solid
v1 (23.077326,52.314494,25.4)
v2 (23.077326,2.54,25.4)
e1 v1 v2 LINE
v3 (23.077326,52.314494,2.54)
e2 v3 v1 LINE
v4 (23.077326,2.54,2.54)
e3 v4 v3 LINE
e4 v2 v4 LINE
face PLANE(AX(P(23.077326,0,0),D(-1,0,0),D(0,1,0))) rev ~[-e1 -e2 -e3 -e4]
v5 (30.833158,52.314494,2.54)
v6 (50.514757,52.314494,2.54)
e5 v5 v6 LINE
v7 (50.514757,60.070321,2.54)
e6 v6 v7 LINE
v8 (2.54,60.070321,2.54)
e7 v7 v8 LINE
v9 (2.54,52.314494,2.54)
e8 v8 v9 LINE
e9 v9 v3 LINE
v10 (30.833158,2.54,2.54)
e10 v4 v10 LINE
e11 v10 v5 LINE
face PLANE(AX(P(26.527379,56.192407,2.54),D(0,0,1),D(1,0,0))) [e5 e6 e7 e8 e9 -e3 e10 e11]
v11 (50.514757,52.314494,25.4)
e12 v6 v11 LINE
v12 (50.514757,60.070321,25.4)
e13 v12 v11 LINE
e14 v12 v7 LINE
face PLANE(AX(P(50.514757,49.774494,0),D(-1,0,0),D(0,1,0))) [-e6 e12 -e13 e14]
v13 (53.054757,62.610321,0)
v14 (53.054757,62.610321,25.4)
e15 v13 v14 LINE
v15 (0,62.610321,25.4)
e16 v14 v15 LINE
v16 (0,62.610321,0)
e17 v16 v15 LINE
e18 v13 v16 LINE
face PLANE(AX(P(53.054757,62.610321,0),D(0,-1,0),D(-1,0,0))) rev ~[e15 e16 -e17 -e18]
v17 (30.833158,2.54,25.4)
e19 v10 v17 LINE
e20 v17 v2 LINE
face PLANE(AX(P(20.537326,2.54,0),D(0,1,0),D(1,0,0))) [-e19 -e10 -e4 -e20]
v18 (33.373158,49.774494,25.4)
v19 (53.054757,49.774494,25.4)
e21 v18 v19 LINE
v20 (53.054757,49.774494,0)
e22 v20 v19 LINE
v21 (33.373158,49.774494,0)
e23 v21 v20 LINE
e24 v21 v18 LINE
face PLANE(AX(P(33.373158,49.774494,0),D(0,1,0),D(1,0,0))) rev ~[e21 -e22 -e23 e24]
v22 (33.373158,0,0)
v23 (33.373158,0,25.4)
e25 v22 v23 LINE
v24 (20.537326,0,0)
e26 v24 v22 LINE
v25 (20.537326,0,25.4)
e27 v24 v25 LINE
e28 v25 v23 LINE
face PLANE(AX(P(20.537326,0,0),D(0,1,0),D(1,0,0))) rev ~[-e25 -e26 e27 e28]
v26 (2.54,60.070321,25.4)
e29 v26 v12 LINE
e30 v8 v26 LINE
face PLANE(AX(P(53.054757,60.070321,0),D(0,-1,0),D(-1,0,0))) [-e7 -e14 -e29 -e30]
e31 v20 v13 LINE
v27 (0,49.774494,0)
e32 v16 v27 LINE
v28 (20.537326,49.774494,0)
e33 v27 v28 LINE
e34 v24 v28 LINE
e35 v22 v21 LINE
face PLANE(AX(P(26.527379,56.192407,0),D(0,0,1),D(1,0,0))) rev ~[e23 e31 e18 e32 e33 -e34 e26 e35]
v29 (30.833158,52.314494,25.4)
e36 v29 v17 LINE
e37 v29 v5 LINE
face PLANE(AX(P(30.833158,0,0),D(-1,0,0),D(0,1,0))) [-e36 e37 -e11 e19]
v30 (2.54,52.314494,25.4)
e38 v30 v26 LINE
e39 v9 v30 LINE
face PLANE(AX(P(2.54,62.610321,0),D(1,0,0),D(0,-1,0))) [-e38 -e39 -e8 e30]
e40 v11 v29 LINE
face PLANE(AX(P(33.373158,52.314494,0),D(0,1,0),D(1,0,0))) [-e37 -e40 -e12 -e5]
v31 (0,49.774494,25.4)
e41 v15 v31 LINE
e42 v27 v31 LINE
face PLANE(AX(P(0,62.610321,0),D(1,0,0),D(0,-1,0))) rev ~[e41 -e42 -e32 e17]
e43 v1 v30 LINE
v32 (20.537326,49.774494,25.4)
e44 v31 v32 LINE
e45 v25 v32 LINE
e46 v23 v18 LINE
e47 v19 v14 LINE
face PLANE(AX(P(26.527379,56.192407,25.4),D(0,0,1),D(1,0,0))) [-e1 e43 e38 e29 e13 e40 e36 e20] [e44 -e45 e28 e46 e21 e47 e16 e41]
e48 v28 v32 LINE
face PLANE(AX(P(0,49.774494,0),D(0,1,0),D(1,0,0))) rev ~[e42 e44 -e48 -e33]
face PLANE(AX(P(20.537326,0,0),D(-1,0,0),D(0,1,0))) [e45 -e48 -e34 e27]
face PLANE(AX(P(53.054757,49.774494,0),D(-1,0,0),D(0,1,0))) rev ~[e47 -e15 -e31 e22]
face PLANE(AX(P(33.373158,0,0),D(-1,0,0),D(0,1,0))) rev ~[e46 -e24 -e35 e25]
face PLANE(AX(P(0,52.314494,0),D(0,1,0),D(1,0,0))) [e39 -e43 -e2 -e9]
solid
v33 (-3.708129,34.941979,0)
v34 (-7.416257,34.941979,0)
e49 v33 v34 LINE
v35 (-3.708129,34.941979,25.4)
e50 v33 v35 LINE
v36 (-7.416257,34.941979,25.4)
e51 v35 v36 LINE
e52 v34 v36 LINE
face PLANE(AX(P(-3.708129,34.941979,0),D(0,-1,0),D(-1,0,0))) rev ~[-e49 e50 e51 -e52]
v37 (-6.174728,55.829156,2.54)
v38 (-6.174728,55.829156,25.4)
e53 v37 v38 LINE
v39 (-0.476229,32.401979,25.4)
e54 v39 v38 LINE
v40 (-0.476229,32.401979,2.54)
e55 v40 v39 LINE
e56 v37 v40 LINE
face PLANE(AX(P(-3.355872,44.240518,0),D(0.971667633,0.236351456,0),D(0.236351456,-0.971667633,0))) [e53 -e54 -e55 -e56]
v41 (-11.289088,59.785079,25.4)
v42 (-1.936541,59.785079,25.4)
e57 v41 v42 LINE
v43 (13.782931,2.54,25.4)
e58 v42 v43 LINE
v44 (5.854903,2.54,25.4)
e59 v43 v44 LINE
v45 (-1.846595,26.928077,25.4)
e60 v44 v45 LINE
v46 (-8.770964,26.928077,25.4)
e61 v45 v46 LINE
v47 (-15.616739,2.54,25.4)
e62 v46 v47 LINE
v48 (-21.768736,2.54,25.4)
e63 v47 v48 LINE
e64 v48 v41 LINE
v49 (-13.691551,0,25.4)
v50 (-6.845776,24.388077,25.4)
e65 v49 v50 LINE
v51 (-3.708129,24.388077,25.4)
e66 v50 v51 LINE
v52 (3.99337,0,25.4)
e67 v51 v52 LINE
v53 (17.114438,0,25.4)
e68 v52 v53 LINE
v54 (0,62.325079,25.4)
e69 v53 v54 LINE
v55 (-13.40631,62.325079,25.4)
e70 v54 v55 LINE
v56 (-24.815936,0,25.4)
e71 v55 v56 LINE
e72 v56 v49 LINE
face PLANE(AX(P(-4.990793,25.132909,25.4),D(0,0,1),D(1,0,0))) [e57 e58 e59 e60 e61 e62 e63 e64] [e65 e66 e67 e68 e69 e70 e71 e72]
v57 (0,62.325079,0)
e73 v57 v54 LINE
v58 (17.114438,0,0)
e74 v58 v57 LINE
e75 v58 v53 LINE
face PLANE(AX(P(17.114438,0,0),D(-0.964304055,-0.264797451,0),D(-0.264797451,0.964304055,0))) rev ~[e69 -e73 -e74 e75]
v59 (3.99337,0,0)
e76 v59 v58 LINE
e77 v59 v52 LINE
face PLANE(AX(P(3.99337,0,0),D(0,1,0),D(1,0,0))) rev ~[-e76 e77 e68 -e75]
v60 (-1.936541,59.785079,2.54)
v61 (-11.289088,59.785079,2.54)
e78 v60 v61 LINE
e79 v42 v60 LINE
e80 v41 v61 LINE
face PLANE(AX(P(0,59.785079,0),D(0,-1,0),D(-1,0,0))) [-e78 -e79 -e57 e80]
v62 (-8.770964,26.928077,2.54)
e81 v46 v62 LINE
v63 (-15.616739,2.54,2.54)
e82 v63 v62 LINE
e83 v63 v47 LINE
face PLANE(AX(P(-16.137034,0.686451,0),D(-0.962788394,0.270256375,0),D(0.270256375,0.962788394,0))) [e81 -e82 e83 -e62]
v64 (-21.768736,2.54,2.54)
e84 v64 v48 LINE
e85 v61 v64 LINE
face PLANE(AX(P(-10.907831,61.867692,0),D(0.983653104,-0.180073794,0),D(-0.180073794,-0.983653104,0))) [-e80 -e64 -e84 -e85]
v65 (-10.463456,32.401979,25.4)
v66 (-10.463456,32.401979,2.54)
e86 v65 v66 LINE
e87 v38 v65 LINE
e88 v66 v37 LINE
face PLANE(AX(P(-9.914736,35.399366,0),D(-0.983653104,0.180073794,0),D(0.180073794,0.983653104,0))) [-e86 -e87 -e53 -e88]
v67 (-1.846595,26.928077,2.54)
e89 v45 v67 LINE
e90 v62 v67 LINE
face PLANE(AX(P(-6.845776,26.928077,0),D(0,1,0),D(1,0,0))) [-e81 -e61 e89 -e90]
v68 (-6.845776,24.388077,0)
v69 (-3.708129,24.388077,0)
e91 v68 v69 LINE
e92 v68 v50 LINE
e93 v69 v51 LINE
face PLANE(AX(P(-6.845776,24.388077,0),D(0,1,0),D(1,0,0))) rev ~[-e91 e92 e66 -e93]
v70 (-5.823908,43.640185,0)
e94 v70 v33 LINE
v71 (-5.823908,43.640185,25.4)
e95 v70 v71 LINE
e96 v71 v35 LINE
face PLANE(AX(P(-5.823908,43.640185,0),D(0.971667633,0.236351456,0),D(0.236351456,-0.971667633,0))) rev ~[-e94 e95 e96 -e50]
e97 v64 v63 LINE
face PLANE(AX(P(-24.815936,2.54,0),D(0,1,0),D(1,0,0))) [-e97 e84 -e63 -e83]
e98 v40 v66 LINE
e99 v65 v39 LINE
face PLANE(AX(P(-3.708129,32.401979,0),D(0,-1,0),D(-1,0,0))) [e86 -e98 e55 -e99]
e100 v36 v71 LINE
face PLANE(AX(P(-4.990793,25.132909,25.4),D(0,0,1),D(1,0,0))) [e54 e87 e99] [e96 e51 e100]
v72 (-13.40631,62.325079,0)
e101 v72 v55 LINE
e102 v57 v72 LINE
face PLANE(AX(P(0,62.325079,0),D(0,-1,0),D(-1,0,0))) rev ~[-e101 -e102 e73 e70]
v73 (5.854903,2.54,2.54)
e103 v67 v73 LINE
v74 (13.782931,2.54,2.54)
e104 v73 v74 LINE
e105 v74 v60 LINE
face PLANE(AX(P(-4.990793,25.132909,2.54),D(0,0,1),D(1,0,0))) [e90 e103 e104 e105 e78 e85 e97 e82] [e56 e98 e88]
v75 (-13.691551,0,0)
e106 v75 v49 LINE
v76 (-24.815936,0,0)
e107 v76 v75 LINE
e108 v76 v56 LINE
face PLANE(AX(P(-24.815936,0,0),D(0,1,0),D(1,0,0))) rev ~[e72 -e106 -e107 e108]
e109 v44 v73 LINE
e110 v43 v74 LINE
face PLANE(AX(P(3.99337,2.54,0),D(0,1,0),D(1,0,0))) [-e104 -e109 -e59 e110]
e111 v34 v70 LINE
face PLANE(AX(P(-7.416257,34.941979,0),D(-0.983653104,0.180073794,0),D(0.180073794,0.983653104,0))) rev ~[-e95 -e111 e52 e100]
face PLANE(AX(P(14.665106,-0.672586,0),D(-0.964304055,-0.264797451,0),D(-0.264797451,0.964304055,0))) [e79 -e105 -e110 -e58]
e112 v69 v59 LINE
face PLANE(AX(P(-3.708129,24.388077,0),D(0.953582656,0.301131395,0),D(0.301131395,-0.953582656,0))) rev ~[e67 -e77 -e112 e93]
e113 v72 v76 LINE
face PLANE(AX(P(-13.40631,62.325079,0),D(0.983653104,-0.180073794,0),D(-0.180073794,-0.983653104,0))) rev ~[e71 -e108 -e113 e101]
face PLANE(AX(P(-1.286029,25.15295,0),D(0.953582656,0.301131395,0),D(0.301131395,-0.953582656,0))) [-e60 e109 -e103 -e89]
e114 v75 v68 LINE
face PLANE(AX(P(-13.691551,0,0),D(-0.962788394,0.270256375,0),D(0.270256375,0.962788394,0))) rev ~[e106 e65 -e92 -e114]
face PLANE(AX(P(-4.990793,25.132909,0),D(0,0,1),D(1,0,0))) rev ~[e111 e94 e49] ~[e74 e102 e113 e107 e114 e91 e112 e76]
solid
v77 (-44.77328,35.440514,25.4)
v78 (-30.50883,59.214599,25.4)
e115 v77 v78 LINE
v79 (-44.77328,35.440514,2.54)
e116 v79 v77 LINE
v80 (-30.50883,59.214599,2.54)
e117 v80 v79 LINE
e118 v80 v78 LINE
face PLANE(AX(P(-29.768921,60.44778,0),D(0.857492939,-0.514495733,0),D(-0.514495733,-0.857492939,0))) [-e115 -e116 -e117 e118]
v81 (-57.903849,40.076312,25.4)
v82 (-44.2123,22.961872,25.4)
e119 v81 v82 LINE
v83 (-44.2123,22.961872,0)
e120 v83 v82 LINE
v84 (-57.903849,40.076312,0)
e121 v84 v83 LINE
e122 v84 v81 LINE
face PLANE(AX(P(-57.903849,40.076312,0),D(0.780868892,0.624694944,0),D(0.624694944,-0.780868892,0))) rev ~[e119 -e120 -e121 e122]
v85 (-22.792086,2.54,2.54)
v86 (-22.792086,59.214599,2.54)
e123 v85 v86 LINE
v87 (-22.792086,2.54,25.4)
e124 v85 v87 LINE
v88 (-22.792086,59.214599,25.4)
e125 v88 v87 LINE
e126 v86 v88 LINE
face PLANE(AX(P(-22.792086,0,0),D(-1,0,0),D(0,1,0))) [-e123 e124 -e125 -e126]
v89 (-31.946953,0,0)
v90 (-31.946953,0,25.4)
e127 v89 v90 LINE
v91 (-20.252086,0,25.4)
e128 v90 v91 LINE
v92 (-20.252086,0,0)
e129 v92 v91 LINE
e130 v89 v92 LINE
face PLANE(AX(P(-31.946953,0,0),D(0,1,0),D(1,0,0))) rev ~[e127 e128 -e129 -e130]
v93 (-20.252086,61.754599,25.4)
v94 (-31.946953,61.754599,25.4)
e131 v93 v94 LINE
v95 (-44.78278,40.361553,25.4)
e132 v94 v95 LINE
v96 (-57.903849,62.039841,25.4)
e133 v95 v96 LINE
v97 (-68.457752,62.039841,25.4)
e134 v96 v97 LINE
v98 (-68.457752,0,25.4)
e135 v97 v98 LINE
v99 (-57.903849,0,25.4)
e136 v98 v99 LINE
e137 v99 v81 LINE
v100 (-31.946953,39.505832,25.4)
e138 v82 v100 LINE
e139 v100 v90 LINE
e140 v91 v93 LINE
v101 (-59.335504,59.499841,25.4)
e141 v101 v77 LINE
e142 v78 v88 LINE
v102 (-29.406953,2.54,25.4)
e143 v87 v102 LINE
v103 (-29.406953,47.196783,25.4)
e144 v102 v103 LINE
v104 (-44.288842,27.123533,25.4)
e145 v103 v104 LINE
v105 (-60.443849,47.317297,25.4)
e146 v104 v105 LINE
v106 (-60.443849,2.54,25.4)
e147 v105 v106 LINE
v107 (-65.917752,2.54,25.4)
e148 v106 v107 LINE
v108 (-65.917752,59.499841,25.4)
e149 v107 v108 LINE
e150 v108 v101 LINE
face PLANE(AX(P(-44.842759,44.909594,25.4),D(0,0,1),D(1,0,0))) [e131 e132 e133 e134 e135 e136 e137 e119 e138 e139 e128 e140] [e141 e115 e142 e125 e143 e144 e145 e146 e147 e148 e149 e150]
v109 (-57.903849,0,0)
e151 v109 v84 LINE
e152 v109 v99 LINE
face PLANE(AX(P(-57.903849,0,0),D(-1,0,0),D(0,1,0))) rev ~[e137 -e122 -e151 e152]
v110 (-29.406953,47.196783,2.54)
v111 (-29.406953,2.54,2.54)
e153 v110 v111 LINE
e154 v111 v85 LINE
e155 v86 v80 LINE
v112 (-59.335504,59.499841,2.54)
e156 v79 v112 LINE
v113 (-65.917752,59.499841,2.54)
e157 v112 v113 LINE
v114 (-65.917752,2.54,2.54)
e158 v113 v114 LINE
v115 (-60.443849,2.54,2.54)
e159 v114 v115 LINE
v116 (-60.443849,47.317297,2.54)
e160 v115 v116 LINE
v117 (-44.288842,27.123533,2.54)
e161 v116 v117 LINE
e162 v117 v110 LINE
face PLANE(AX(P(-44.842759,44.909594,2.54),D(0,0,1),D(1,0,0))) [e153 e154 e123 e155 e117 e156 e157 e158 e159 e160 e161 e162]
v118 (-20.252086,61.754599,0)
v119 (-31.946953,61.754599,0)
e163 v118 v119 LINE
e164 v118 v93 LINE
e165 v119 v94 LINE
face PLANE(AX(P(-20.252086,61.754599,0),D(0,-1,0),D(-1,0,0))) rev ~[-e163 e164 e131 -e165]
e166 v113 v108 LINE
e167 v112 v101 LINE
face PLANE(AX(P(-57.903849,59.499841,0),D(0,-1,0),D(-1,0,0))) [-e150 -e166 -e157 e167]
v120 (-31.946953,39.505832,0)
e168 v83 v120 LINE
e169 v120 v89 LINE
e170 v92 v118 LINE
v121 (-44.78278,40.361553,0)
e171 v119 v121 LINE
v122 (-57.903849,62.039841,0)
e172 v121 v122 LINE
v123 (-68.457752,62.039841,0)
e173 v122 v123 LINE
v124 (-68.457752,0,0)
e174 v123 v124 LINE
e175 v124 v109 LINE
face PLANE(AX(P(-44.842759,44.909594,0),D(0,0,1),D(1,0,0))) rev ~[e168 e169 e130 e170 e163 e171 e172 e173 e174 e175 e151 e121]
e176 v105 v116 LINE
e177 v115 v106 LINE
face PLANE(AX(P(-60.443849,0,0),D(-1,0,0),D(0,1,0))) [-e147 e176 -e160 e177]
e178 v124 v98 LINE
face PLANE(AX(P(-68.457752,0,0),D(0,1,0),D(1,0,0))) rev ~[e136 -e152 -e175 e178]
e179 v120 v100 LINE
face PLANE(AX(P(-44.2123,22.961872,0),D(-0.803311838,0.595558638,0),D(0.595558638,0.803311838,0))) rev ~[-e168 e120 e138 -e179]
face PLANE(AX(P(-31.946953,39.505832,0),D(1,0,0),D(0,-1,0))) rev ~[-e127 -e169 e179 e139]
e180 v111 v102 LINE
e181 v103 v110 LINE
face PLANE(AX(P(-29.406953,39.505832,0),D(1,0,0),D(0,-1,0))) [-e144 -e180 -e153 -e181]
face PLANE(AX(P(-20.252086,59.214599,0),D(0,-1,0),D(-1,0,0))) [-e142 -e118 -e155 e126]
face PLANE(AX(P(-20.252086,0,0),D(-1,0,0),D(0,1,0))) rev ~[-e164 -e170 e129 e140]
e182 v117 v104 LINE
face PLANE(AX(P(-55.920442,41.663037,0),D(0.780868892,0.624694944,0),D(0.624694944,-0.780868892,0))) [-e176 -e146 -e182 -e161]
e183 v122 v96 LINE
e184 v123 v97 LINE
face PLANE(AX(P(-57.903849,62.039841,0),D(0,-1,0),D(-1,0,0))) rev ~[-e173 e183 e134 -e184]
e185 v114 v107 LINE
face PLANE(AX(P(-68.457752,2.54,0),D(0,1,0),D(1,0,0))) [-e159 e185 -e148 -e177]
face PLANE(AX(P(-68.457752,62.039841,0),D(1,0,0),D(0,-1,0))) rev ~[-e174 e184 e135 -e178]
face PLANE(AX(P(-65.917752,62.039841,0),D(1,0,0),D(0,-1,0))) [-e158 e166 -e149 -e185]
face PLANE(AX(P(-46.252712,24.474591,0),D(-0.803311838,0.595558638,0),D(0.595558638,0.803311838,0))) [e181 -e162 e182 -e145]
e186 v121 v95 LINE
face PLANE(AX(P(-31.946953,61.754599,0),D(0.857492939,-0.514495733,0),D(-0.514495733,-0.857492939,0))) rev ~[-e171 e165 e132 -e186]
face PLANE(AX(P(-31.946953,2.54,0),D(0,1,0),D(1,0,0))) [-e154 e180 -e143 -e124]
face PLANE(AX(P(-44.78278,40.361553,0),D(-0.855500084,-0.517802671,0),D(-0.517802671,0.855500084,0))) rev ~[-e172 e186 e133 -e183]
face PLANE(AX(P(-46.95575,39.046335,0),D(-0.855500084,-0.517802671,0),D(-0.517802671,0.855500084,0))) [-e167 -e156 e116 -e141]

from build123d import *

# Parameters (mm, degrees)
F3_DEPTH = 25.4
F2_W     = 12.8358323127
F2_H     = 49.7744940221
F4_T     = -2.54
F4_2_T   = -2.54
F4_3_T   = -2.54


with BuildPart() as f3:
    # F0 (on Top) → F3 (new body)
    with BuildSketch(Plane.XY):
        Polygon((-44.7827801108, 40.3615534306), (-57.9038485885, 62.0398409665), (-57.9038485885, 40.0763116777), (-44.2123003304, 22.9618716985), (-31.9469533861, 39.5058318973), (-31.9469533861, 61.7545992136), align=None)
        Polygon((-57.9038485885, 62.0398409665), (-68.4577524662, 62.0398409665), (-68.4577524662, 0), (-57.9038485885, 0), (-57.9038485885, 40.0763116777), align=None)
        Polygon((-20.2520862222, 61.7545992136), (-31.9469533861, 61.7545992136), (-31.9469533861, 39.5058318973), (-31.9469533861, 0), (-20.2520862222, 0), align=None)
    extrude(amount=F3_DEPTH)

    # F4
    f4_openings = [f3.faces().sort_by_distance(p)[0] for p in [
        (-44.0268, 33.845285, 25.4),
    ]]
    offset(amount=F4_T, openings=f4_openings, kind=Kind.INTERSECTION)


with BuildPart() as f3b:
    # F1 (on Top) → F3, piece 2 (new body)
    with BuildSketch(Plane.XY):
        Polygon((-13.4063102305, 62.325078994), (-24.8159356415, 0), (-13.691551052, 0), (-6.845775526, 24.3880767375), (-3.7081290502, 24.3880767375), (3.9933696389, 0), (17.1144381166, 0), (0, 62.325078994), align=None)
        Polygon((-7.4162567034, 34.9419787526), (-5.8239077568, 43.6401848994), (-3.7081290502, 34.9419787526), align=None, mode=Mode.SUBTRACT)
    extrude(amount=F3_DEPTH)

    # F4#2
    f4_2_openings = [f3b.faces().sort_by_distance(p)[0] for p in [
        (-5.028317, 28.547265, 25.4),
    ]]
    offset(amount=F4_2_T, openings=f4_2_openings, kind=Kind.INTERSECTION)


with BuildPart() as f3c:
    # F2 (on Top) → F3, piece 3 (new body)
    with BuildSketch(Plane.XY):
        Polygon((53.0547574162, 62.6103207469), (0, 62.6103207469), (0, 49.7744940221), (20.5373261124, 49.7744940221), (33.3731584251, 49.7744940221), (53.0547574162, 49.7744940221), align=None)
        with Locations((26.9552422687, 24.8872470111)):
            Rectangle(F2_W, F2_H)
    extrude(amount=F3_DEPTH)

    # F4#3
    f4_3_openings = [f3c.faces().sort_by_distance(p)[0] for p in [
        (26.734486, 41.039143, 25.4),
    ]]
    offset(amount=F4_3_T, openings=f4_3_openings, kind=Kind.INTERSECTION)


solid = Compound([f3.part, f3b.part, f3c.part])
